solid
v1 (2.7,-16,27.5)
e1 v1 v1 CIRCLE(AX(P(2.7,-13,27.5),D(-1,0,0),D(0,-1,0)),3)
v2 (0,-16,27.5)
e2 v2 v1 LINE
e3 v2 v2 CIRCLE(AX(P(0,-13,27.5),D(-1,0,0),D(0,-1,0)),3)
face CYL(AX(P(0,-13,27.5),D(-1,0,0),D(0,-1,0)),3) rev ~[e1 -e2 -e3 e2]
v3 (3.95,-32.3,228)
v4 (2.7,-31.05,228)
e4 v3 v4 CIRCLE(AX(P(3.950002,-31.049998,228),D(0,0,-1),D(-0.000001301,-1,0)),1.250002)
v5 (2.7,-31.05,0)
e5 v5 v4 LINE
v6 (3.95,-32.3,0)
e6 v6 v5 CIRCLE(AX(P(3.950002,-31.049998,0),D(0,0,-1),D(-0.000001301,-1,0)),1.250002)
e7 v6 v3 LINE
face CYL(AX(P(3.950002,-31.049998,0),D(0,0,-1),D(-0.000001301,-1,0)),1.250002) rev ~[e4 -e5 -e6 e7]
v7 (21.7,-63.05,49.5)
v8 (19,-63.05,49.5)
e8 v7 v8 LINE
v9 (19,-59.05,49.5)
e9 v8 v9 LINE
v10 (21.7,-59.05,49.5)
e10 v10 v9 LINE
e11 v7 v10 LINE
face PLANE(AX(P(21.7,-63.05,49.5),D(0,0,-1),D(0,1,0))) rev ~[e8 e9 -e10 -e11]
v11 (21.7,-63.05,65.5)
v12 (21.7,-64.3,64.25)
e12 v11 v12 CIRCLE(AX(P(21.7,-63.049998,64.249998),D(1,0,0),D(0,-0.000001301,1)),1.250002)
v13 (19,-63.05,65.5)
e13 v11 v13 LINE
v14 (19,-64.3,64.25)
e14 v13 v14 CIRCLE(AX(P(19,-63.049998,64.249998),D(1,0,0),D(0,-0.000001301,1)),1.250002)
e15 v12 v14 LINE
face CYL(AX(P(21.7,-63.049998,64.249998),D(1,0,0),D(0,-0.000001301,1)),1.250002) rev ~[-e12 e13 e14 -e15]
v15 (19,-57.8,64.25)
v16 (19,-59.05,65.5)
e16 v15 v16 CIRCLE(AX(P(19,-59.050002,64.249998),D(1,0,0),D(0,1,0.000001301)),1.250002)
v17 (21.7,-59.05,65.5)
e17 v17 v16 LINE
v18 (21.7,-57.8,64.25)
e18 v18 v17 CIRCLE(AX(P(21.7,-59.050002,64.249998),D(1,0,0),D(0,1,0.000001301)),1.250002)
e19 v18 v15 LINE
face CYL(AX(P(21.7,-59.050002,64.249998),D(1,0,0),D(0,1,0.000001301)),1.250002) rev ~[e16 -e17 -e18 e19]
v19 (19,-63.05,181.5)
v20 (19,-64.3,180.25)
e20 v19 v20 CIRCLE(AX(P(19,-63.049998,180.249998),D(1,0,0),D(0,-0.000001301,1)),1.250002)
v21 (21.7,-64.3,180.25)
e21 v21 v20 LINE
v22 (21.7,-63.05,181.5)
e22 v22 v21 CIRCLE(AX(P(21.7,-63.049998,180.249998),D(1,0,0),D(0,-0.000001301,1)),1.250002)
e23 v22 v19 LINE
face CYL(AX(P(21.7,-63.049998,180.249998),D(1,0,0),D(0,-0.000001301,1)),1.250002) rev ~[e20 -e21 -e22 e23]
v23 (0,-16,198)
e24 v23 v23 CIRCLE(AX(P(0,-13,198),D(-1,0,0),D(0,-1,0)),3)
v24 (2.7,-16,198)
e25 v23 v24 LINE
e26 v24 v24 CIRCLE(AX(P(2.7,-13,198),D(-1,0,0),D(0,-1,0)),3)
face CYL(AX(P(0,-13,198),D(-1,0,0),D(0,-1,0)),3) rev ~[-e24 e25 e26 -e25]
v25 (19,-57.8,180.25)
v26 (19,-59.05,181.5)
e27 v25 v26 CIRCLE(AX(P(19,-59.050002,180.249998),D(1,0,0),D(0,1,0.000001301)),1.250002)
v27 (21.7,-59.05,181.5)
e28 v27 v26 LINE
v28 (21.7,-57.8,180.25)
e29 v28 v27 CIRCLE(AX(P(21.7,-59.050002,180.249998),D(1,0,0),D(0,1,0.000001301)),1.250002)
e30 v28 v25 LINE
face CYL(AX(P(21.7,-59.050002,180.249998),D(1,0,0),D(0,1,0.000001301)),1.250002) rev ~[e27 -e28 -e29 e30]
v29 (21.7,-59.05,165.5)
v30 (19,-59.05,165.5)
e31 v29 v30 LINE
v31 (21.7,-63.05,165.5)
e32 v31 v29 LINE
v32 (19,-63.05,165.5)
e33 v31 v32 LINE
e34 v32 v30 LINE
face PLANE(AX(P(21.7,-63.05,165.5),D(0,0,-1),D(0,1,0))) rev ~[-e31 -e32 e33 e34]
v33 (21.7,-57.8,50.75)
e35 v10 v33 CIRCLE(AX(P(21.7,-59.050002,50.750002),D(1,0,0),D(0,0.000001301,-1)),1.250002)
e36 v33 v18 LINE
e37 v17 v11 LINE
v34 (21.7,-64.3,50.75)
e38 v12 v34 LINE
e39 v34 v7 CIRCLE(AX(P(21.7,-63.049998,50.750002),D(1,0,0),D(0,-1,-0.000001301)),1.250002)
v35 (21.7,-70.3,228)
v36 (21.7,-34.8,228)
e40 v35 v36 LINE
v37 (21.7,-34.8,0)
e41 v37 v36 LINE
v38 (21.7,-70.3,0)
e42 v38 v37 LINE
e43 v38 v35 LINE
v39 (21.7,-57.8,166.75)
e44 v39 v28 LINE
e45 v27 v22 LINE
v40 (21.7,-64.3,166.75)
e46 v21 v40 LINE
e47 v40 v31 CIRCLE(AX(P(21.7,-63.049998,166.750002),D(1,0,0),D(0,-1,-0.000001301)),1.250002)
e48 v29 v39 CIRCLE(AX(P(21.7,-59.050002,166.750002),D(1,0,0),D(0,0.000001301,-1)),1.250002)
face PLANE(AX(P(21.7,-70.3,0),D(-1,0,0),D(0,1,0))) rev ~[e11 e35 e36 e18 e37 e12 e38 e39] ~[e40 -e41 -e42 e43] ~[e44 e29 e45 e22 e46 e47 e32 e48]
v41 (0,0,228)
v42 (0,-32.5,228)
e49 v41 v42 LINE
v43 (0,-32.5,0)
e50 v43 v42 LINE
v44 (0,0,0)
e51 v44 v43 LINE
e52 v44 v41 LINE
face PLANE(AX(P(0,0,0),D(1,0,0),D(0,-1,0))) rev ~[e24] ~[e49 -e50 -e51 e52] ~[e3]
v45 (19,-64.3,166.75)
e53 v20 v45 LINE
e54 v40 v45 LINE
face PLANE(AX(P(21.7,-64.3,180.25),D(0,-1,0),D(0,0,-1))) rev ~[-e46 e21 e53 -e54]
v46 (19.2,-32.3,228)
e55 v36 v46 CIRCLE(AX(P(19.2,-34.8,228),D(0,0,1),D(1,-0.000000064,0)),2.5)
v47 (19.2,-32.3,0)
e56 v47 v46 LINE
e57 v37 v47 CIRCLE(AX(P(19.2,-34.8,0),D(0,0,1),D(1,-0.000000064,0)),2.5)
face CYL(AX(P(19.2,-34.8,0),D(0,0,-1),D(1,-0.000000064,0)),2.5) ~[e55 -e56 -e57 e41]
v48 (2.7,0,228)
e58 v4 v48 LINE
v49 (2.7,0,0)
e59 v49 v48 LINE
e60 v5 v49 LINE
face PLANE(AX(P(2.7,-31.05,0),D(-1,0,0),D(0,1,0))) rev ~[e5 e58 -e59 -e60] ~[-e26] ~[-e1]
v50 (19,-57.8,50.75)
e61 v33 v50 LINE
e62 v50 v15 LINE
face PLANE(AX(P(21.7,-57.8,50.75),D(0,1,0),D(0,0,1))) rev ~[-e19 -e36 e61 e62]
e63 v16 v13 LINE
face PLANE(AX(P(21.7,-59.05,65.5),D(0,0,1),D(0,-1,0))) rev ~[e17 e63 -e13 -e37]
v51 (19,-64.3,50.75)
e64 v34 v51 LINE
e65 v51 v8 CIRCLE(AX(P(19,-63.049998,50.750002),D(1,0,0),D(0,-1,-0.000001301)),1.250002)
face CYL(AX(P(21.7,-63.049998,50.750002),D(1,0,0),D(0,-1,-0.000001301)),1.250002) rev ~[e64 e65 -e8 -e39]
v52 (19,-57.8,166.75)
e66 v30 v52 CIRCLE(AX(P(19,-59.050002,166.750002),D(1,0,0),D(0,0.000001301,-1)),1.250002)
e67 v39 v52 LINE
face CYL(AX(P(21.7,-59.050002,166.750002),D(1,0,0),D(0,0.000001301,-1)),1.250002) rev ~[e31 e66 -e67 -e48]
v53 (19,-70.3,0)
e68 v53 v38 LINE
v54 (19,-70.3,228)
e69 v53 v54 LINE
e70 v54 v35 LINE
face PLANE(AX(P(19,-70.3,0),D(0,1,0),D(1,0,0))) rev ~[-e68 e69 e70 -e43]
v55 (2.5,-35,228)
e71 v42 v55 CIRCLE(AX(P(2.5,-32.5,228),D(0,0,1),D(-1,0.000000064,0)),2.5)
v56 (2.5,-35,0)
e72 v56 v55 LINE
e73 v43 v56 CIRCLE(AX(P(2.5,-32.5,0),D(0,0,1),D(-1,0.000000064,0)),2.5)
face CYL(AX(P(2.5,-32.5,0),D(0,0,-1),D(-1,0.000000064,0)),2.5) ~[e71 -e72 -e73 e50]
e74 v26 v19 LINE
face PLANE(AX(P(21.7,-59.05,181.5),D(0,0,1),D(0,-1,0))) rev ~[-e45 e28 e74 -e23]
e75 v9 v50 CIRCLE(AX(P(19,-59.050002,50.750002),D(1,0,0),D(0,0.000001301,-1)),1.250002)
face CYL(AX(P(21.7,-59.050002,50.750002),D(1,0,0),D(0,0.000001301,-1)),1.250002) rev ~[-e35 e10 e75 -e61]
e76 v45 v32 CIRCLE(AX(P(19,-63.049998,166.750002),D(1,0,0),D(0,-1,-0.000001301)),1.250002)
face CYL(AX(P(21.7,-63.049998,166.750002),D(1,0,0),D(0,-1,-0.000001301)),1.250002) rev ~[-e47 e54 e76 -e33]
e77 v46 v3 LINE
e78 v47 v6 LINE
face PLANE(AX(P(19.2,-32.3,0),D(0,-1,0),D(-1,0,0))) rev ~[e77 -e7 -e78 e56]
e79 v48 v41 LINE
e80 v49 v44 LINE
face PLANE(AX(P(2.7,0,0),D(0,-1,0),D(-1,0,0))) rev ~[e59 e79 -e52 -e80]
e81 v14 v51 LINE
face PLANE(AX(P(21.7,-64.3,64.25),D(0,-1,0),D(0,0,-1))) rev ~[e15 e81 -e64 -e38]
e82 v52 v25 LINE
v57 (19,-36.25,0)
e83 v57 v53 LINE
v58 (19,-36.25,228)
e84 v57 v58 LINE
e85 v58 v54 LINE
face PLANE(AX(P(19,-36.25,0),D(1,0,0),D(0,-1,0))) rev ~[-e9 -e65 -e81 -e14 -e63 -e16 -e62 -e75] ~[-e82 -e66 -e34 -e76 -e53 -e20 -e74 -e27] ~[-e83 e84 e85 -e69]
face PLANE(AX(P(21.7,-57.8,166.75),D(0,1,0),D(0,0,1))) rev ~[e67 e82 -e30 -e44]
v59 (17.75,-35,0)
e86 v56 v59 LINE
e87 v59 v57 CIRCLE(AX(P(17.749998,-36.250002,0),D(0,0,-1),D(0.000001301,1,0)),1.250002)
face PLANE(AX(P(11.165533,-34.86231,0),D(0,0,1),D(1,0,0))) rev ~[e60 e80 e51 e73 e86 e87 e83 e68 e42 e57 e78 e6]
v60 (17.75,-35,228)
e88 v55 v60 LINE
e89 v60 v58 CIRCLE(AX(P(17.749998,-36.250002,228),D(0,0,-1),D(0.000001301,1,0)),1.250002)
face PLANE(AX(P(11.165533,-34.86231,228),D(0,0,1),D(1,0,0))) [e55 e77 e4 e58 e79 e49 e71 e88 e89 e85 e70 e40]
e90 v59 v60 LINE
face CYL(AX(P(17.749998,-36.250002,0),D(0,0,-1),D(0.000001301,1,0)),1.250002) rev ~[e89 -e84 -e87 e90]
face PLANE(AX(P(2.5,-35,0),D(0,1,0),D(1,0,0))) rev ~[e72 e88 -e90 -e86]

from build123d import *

# Parameters (mm, degrees)
F1_DEPTH = 228
F2_R     = 3
F3_DEPTH = 2.7
F5_DEPTH = 2.7


with BuildPart() as f1:
    # F0 (on Top) → F1 (new body)
    with BuildSketch(Plane.XY):
        with BuildLine():
            Line((2.7, 0), (0, 0))
            Line((0, 0), (0, -32.5))
            ThreePointArc((0, -32.5), (0.732233, -34.267767), (2.5, -35))
            Line((2.5, -35), (17.75, -35))
            ThreePointArc((17.75, -35), (18.633883, -35.366117), (19, -36.25))
            Line((19, -36.25), (19, -70.3))
            Line((19, -70.3), (21.7, -70.3))
            Line((21.7, -70.3), (21.7, -34.8))
            ThreePointArc((21.7, -34.8), (20.967767, -33.032233), (19.2, -32.3))
            Line((19.2, -32.3), (3.95, -32.3))
            ThreePointArc((3.95, -32.3), (3.066117, -31.933883), (2.7, -31.05))
            Line((2.7, -31.05), (2.7, 0))
        make_face()
    extrude(amount=F1_DEPTH)

    # F2 (on face) → F3 (cut)
    with BuildSketch(Plane(origin=(0, 0, 0), x_dir=(0, -1, 0), z_dir=(-1, 0, 0))):
        with Locations((13, 198)):
            Circle(F2_R)
        with Locations((13, 27.5)):
            Circle(F2_R)
    extrude(amount=-F3_DEPTH, mode=Mode.SUBTRACT)

    # F4 (on face) → F5 (cut)
    with BuildSketch(Plane.YZ.offset(21.7)):
        with BuildLine():
            ThreePointArc((-57.8, 64.25), (-58.166117, 65.133883), (-59.05, 65.5))
            Line((-59.05, 65.5), (-63.05, 65.5))
            ThreePointArc((-63.05, 65.5), (-63.933883, 65.133883), (-64.3, 64.25))
            Line((-64.3, 64.25), (-64.3, 50.75))
            ThreePointArc((-64.3, 50.75), (-63.933883, 49.866117), (-63.05, 49.5))
            Line((-63.05, 49.5), (-59.05, 49.5))
            ThreePointArc((-59.05, 49.5), (-58.166117, 49.866117), (-57.8, 50.75))
            Line((-57.8, 50.75), (-57.8, 64.25))
        make_face()
        with BuildLine():
            ThreePointArc((-57.8, 180.25), (-58.166117, 181.133883), (-59.05, 181.5))
            Line((-59.05, 181.5), (-63.05, 181.5))
            ThreePointArc((-63.05, 181.5), (-63.933883, 181.133883), (-64.3, 180.25))
            Line((-64.3, 180.25), (-64.3, 166.75))
            ThreePointArc((-64.3, 166.75), (-63.933883, 165.866117), (-63.05, 165.5))
            Line((-63.05, 165.5), (-59.05, 165.5))
            ThreePointArc((-59.05, 165.5), (-58.166117, 165.866117), (-57.8, 166.75))
            Line((-57.8, 166.75), (-57.8, 180.25))
        make_face()
    extrude(amount=-F5_DEPTH, mode=Mode.SUBTRACT)


solid = f1.part
